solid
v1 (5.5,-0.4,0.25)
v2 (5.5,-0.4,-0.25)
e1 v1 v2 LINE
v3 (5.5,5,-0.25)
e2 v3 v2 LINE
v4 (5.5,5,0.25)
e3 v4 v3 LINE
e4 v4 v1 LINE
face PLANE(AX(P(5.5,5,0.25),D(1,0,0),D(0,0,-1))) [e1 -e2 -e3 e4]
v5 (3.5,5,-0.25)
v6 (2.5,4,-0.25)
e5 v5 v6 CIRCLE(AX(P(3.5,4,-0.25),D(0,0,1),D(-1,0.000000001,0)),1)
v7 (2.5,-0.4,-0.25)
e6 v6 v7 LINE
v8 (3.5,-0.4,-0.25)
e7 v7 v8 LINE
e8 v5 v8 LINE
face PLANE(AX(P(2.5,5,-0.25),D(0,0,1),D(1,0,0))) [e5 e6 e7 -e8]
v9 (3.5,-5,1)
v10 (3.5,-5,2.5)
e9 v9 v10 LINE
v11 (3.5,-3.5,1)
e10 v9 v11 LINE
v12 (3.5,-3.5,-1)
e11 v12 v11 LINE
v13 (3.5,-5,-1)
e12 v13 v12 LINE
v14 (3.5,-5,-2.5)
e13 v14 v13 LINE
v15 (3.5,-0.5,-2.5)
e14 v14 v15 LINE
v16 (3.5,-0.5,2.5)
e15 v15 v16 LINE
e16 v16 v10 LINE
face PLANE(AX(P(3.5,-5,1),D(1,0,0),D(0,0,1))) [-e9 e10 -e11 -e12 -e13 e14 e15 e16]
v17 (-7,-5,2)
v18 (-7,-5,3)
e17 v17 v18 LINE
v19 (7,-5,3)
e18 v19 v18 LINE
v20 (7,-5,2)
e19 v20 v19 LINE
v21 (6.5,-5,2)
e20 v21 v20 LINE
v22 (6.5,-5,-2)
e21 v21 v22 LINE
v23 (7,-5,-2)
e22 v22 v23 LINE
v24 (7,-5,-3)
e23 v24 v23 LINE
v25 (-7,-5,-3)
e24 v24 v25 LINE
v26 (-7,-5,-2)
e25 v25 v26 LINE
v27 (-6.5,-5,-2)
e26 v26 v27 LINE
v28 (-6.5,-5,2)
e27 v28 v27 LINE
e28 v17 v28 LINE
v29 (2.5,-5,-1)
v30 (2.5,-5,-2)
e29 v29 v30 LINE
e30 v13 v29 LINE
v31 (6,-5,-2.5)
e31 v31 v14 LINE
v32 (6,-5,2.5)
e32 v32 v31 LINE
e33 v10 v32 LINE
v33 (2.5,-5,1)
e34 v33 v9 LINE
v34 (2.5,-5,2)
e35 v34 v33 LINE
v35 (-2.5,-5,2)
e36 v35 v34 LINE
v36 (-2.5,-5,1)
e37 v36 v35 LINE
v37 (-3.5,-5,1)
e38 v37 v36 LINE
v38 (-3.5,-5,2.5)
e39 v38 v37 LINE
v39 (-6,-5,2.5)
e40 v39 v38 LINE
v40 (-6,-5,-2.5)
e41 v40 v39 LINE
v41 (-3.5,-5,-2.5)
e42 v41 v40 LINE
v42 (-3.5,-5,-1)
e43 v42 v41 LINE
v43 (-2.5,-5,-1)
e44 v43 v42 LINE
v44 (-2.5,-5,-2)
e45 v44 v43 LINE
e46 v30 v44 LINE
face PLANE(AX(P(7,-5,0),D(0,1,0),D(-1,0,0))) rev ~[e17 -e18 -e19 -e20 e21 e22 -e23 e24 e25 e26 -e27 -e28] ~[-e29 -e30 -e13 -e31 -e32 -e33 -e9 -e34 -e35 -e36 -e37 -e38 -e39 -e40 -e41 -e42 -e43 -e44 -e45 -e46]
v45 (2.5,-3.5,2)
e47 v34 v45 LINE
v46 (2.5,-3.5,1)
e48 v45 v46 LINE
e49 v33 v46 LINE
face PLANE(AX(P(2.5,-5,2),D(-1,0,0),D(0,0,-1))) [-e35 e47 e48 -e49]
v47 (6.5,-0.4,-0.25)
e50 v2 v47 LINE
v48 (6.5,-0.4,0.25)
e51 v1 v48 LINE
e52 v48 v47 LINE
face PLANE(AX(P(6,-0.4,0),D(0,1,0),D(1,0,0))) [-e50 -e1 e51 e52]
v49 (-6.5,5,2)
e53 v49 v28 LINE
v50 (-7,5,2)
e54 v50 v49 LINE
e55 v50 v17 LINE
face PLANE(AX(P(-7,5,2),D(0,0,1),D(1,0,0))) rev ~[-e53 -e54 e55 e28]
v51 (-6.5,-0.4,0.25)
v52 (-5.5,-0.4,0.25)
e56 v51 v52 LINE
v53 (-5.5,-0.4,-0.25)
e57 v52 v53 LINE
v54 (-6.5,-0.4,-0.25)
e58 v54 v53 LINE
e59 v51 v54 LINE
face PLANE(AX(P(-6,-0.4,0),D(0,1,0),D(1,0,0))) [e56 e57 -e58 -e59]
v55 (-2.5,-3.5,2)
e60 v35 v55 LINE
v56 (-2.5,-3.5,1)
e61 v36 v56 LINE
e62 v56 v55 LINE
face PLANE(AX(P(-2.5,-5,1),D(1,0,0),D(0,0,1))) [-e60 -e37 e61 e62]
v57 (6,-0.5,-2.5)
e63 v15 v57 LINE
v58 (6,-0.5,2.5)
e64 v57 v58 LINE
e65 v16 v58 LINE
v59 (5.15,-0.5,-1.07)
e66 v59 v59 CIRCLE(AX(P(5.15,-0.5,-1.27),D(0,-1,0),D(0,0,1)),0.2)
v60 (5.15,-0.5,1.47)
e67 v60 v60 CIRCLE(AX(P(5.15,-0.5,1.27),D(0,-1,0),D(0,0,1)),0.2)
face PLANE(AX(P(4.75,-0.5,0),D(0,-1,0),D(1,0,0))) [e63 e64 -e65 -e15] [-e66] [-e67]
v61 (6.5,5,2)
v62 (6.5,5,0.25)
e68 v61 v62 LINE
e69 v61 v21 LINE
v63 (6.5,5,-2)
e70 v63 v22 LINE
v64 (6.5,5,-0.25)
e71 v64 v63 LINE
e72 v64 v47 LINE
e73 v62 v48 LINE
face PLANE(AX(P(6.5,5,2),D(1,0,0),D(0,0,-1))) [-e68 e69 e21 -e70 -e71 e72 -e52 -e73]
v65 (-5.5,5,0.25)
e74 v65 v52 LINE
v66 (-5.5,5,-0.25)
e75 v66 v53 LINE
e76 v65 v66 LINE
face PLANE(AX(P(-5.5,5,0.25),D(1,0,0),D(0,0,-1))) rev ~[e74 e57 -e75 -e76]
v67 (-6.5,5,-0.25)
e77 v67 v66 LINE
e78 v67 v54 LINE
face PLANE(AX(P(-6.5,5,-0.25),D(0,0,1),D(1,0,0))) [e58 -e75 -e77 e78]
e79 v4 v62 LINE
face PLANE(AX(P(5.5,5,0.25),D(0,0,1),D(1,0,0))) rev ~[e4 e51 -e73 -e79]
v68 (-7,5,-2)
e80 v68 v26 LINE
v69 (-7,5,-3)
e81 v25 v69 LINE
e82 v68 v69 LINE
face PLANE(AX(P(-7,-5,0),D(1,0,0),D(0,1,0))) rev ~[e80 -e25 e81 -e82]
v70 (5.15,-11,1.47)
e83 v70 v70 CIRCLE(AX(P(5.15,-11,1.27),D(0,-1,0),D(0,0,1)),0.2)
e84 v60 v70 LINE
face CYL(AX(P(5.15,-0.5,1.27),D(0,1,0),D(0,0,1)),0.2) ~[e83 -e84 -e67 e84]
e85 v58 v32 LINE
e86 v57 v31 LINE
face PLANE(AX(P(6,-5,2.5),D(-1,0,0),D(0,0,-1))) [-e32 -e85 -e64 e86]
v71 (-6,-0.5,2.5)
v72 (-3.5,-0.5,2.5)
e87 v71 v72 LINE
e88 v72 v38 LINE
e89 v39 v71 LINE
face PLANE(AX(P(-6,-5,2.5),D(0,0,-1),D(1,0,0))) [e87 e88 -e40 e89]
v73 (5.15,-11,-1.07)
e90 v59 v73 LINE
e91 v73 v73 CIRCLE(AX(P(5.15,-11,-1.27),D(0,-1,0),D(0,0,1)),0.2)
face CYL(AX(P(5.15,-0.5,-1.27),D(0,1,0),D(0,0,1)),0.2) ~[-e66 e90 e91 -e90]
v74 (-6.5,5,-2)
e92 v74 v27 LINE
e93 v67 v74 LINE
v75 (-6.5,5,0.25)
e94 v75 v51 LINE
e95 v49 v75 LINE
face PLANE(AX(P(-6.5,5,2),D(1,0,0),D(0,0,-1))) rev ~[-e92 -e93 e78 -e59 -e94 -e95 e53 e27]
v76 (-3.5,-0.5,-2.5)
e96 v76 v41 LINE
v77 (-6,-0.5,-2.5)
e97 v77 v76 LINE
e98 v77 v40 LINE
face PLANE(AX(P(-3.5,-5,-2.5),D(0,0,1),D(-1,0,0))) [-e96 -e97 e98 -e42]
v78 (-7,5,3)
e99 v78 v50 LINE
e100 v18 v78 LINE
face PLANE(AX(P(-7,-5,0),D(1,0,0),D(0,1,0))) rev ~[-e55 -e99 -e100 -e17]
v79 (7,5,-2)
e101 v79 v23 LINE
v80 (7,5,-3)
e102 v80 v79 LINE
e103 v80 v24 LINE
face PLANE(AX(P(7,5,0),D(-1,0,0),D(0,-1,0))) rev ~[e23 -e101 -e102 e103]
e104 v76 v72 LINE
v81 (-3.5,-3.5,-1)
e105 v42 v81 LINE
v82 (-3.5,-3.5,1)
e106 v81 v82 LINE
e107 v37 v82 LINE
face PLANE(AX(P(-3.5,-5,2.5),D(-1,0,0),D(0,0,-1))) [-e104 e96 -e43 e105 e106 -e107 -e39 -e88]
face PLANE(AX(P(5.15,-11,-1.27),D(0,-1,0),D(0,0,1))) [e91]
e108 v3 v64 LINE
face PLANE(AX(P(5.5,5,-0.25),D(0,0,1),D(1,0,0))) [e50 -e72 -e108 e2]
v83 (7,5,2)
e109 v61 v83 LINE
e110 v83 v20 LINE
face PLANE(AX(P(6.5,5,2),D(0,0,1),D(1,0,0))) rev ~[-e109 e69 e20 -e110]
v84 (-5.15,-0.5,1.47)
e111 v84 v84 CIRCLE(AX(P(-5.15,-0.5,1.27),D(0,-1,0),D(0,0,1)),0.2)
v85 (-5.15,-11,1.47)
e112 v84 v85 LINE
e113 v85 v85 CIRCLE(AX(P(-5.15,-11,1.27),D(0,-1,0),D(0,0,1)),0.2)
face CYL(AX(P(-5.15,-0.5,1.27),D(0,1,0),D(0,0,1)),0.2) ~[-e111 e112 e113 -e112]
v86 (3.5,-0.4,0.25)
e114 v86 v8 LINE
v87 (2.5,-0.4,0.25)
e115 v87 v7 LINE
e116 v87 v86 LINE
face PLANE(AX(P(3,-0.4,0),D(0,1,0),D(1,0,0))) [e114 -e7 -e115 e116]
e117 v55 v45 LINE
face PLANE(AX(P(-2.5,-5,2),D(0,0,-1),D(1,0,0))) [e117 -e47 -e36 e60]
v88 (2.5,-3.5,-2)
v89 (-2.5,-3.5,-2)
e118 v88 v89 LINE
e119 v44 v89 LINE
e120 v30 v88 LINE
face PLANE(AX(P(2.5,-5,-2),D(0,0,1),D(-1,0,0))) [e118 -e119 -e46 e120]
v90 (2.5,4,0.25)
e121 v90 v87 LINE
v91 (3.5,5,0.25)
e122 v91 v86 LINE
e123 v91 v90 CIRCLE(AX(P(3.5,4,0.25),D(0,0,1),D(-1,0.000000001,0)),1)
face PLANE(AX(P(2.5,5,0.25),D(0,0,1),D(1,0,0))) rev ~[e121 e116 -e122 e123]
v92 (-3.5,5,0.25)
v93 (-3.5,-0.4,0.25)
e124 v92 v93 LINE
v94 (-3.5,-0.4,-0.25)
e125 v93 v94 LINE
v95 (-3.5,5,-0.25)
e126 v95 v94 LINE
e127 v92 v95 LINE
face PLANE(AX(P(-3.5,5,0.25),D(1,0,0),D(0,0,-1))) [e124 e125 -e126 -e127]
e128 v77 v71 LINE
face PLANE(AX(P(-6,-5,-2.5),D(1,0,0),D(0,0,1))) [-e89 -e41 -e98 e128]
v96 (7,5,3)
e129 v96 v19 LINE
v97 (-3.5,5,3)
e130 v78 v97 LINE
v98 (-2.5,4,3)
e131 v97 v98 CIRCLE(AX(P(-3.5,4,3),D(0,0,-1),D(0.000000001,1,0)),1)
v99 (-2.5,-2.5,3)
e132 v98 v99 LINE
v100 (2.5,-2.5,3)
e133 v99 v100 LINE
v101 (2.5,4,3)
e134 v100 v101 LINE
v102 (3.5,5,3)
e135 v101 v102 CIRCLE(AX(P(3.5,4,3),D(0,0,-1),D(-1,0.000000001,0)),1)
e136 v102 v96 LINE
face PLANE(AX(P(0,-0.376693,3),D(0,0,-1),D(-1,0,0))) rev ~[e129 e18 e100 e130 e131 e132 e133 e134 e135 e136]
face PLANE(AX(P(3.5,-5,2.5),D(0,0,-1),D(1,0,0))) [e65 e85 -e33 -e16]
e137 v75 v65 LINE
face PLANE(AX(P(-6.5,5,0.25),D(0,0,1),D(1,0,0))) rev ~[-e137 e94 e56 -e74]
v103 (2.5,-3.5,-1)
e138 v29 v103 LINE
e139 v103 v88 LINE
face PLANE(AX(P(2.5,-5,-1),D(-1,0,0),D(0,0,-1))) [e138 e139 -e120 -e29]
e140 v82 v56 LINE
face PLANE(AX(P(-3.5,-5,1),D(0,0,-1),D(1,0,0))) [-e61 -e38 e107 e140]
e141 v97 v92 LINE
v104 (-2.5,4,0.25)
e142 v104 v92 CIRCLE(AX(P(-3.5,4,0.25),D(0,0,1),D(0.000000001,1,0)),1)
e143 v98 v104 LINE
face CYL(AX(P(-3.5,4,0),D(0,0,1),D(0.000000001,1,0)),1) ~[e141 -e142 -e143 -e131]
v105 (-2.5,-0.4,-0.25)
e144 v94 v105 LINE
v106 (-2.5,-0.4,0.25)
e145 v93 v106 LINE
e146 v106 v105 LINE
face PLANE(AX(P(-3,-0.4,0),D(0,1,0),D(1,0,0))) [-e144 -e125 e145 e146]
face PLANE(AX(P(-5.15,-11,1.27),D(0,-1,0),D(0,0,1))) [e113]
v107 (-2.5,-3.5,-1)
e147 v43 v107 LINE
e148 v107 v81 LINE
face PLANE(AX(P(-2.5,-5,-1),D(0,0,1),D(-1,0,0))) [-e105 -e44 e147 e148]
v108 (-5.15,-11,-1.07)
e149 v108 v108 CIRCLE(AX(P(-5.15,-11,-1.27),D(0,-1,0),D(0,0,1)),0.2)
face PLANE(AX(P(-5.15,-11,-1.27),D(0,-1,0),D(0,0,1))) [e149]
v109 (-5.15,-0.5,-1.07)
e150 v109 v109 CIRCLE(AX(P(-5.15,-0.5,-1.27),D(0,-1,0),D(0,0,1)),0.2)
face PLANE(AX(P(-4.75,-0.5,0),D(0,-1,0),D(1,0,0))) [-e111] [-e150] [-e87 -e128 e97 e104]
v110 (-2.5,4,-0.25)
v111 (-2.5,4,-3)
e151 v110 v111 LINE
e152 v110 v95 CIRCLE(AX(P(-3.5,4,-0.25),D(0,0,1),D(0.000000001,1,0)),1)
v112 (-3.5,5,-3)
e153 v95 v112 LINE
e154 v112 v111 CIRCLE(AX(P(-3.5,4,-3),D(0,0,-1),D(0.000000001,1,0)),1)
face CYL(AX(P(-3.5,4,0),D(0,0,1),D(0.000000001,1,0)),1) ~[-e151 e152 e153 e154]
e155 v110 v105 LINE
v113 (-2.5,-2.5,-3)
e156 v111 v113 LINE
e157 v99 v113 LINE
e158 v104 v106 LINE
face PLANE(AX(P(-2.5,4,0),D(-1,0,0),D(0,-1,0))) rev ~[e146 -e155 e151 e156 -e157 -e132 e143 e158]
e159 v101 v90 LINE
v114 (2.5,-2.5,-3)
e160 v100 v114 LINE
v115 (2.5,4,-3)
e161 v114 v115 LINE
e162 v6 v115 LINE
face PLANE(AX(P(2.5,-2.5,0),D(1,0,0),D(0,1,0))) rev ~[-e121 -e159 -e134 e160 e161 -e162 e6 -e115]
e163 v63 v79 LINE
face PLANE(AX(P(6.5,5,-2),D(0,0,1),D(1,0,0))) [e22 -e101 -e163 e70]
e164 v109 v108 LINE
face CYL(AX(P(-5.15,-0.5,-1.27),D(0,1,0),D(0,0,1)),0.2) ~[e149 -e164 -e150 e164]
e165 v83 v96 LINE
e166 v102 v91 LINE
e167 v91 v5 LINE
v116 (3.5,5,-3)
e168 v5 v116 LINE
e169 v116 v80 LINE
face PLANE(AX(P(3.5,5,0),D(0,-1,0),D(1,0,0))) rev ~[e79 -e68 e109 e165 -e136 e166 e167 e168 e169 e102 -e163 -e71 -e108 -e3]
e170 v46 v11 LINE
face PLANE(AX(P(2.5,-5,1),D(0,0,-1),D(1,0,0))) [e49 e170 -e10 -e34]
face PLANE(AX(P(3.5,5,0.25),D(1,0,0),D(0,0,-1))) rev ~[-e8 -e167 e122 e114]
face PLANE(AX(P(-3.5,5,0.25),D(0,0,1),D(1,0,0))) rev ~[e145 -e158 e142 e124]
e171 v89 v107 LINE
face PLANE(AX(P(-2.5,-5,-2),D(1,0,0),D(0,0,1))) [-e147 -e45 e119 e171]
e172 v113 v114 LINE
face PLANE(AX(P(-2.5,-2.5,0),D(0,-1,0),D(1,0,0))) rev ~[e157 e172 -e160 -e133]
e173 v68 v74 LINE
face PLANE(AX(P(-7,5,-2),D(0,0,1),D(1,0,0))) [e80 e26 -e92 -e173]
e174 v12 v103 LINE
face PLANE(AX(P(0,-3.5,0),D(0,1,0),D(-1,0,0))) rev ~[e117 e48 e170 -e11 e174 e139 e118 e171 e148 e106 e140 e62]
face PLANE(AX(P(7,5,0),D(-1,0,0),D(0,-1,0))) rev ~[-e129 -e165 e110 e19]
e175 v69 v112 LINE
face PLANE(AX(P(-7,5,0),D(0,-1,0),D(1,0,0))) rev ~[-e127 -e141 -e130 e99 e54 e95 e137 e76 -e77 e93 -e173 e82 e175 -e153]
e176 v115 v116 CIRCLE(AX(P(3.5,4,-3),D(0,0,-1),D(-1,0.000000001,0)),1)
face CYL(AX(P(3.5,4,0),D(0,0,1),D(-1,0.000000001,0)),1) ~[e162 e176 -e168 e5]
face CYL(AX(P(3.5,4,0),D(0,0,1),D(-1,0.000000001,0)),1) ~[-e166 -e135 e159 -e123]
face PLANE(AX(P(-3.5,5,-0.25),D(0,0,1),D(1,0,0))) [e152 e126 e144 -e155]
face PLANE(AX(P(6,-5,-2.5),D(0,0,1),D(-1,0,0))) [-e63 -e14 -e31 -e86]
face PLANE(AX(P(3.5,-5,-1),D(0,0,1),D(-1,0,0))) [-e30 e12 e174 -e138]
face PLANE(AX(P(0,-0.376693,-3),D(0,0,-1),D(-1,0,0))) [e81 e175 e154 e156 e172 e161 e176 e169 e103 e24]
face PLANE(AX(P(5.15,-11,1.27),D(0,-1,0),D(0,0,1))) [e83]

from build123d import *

# Parameters (mm, degrees)
BOSS_EXTRUDE1_DEPTH = 3
SKETCH4_W           = 0.5
SKETCH4_H           = 4
CUT_EXTRUDE2_DEPTH  = 13.56980509
SKETCH2_W           = 1
SKETCH2_H           = 0.5
CUT_EXTRUDE1_DEPTH  = 5.4
CUT_EXTRUDE3_DEPTH  = 1.5
SKETCH6_W           = 2.5
SKETCH6_H           = 5
CUT_EXTRUDE4_DEPTH  = 3
SKETCH7_R           = 0.2
BOSS_EXTRUDE2_DEPTH = 10.5


with BuildPart() as part:
    # Sketch1 → Boss-Extrude1 (new, symmetric)
    with BuildSketch(Plane.XY):
        with BuildLine():
            Line((-7, -5), (-7, 5))
            Line((-7, 5), (-3.5, 5))
            ThreePointArc((-3.5, 5), (-2.792893219, 4.707106781), (-2.5, 4))
            Line((-2.5, 4), (-2.5, -2.5))
            Line((-2.5, -2.5), (2.5, -2.5))
            Line((2.5, -2.5), (2.5, 4))
            ThreePointArc((2.5, 4), (2.792893219, 4.707106781), (3.5, 5))
            Line((3.5, 5), (7, 5))
            Line((7, 5), (7, -5))
            Line((7, -5), (-7, -5))
        make_face()
    extrude(amount=BOSS_EXTRUDE1_DEPTH, both=True)

    # Sketch4 → Cut-Extrude2 (cut, through all)
    with BuildSketch(Plane(origin=(0, 5, 0), x_dir=(1, 0, 0), z_dir=(0, 1, 0))):
        with Locations((-6.75, 0)):
            Rectangle(SKETCH4_W, SKETCH4_H)
        with Locations((6.75, 0)):
            Rectangle(SKETCH4_W, SKETCH4_H)
    extrude(amount=-CUT_EXTRUDE2_DEPTH, mode=Mode.SUBTRACT)

    # Sketch2 → Cut-Extrude1 (cut)
    with BuildSketch(Plane(origin=(0, 5, 0), x_dir=(1, 0, 0), z_dir=(0, 1, 0))):
        with Locations((-6, 0)):
            Rectangle(SKETCH2_W, SKETCH2_H)
        with Locations((-3, 0)):
            Rectangle(SKETCH2_W, SKETCH2_H)
        with Locations((3, 0)):
            Rectangle(SKETCH2_W, SKETCH2_H)
        with Locations((6, 0)):
            Rectangle(SKETCH2_W, SKETCH2_H)
    extrude(amount=-CUT_EXTRUDE1_DEPTH, mode=Mode.SUBTRACT)

    # Sketch5 → Cut-Extrude3 (cut)
    with BuildSketch(Plane.XZ.offset(5)):
        Polygon((-6, 2.5), (-3.5, 2.5), (-3.5, 1), (-2.5, 1), (-2.5, 2), (2.5, 2), (2.5, 1), (3.5, 1), (3.5, 2.5), (6, 2.5), (6, -2.5), (3.5, -2.5), (3.5, -1), (2.5, -1), (2.5, -2), (-2.5, -2), (-2.5, -1), (-3.5, -1), (-3.5, -2.5), (-6, -2.5), align=None)
    extrude(amount=-CUT_EXTRUDE3_DEPTH, mode=Mode.SUBTRACT)

    # Sketch6 → Cut-Extrude4 (cut)
    with BuildSketch(Plane.XZ.offset(3.5)):
        with Locations((-4.75, 0)):
            Rectangle(SKETCH6_W, SKETCH6_H)
        with Locations((4.75, 0)):
            Rectangle(SKETCH6_W, SKETCH6_H)
    extrude(amount=-CUT_EXTRUDE4_DEPTH, mode=Mode.SUBTRACT)

    # Sketch7 → Boss-Extrude2 (add)
    with BuildSketch(Plane.XZ.offset(0.5)):
        with Locations(Location((-5.15, -1.27, 0), (0, 0, 90))):
            Circle(SKETCH7_R)
        with Locations(Location((-5.15, 1.27, 0), (0, 0, 90))):
            Circle(SKETCH7_R)
        with Locations(Location((5.15, 1.27, 0), (0, 0, 90))):
            Circle(SKETCH7_R)
        with Locations(Location((5.15, -1.27, 0), (0, 0, 90))):
            Circle(SKETCH7_R)
    extrude(amount=BOSS_EXTRUDE2_DEPTH)


solid = part.part
